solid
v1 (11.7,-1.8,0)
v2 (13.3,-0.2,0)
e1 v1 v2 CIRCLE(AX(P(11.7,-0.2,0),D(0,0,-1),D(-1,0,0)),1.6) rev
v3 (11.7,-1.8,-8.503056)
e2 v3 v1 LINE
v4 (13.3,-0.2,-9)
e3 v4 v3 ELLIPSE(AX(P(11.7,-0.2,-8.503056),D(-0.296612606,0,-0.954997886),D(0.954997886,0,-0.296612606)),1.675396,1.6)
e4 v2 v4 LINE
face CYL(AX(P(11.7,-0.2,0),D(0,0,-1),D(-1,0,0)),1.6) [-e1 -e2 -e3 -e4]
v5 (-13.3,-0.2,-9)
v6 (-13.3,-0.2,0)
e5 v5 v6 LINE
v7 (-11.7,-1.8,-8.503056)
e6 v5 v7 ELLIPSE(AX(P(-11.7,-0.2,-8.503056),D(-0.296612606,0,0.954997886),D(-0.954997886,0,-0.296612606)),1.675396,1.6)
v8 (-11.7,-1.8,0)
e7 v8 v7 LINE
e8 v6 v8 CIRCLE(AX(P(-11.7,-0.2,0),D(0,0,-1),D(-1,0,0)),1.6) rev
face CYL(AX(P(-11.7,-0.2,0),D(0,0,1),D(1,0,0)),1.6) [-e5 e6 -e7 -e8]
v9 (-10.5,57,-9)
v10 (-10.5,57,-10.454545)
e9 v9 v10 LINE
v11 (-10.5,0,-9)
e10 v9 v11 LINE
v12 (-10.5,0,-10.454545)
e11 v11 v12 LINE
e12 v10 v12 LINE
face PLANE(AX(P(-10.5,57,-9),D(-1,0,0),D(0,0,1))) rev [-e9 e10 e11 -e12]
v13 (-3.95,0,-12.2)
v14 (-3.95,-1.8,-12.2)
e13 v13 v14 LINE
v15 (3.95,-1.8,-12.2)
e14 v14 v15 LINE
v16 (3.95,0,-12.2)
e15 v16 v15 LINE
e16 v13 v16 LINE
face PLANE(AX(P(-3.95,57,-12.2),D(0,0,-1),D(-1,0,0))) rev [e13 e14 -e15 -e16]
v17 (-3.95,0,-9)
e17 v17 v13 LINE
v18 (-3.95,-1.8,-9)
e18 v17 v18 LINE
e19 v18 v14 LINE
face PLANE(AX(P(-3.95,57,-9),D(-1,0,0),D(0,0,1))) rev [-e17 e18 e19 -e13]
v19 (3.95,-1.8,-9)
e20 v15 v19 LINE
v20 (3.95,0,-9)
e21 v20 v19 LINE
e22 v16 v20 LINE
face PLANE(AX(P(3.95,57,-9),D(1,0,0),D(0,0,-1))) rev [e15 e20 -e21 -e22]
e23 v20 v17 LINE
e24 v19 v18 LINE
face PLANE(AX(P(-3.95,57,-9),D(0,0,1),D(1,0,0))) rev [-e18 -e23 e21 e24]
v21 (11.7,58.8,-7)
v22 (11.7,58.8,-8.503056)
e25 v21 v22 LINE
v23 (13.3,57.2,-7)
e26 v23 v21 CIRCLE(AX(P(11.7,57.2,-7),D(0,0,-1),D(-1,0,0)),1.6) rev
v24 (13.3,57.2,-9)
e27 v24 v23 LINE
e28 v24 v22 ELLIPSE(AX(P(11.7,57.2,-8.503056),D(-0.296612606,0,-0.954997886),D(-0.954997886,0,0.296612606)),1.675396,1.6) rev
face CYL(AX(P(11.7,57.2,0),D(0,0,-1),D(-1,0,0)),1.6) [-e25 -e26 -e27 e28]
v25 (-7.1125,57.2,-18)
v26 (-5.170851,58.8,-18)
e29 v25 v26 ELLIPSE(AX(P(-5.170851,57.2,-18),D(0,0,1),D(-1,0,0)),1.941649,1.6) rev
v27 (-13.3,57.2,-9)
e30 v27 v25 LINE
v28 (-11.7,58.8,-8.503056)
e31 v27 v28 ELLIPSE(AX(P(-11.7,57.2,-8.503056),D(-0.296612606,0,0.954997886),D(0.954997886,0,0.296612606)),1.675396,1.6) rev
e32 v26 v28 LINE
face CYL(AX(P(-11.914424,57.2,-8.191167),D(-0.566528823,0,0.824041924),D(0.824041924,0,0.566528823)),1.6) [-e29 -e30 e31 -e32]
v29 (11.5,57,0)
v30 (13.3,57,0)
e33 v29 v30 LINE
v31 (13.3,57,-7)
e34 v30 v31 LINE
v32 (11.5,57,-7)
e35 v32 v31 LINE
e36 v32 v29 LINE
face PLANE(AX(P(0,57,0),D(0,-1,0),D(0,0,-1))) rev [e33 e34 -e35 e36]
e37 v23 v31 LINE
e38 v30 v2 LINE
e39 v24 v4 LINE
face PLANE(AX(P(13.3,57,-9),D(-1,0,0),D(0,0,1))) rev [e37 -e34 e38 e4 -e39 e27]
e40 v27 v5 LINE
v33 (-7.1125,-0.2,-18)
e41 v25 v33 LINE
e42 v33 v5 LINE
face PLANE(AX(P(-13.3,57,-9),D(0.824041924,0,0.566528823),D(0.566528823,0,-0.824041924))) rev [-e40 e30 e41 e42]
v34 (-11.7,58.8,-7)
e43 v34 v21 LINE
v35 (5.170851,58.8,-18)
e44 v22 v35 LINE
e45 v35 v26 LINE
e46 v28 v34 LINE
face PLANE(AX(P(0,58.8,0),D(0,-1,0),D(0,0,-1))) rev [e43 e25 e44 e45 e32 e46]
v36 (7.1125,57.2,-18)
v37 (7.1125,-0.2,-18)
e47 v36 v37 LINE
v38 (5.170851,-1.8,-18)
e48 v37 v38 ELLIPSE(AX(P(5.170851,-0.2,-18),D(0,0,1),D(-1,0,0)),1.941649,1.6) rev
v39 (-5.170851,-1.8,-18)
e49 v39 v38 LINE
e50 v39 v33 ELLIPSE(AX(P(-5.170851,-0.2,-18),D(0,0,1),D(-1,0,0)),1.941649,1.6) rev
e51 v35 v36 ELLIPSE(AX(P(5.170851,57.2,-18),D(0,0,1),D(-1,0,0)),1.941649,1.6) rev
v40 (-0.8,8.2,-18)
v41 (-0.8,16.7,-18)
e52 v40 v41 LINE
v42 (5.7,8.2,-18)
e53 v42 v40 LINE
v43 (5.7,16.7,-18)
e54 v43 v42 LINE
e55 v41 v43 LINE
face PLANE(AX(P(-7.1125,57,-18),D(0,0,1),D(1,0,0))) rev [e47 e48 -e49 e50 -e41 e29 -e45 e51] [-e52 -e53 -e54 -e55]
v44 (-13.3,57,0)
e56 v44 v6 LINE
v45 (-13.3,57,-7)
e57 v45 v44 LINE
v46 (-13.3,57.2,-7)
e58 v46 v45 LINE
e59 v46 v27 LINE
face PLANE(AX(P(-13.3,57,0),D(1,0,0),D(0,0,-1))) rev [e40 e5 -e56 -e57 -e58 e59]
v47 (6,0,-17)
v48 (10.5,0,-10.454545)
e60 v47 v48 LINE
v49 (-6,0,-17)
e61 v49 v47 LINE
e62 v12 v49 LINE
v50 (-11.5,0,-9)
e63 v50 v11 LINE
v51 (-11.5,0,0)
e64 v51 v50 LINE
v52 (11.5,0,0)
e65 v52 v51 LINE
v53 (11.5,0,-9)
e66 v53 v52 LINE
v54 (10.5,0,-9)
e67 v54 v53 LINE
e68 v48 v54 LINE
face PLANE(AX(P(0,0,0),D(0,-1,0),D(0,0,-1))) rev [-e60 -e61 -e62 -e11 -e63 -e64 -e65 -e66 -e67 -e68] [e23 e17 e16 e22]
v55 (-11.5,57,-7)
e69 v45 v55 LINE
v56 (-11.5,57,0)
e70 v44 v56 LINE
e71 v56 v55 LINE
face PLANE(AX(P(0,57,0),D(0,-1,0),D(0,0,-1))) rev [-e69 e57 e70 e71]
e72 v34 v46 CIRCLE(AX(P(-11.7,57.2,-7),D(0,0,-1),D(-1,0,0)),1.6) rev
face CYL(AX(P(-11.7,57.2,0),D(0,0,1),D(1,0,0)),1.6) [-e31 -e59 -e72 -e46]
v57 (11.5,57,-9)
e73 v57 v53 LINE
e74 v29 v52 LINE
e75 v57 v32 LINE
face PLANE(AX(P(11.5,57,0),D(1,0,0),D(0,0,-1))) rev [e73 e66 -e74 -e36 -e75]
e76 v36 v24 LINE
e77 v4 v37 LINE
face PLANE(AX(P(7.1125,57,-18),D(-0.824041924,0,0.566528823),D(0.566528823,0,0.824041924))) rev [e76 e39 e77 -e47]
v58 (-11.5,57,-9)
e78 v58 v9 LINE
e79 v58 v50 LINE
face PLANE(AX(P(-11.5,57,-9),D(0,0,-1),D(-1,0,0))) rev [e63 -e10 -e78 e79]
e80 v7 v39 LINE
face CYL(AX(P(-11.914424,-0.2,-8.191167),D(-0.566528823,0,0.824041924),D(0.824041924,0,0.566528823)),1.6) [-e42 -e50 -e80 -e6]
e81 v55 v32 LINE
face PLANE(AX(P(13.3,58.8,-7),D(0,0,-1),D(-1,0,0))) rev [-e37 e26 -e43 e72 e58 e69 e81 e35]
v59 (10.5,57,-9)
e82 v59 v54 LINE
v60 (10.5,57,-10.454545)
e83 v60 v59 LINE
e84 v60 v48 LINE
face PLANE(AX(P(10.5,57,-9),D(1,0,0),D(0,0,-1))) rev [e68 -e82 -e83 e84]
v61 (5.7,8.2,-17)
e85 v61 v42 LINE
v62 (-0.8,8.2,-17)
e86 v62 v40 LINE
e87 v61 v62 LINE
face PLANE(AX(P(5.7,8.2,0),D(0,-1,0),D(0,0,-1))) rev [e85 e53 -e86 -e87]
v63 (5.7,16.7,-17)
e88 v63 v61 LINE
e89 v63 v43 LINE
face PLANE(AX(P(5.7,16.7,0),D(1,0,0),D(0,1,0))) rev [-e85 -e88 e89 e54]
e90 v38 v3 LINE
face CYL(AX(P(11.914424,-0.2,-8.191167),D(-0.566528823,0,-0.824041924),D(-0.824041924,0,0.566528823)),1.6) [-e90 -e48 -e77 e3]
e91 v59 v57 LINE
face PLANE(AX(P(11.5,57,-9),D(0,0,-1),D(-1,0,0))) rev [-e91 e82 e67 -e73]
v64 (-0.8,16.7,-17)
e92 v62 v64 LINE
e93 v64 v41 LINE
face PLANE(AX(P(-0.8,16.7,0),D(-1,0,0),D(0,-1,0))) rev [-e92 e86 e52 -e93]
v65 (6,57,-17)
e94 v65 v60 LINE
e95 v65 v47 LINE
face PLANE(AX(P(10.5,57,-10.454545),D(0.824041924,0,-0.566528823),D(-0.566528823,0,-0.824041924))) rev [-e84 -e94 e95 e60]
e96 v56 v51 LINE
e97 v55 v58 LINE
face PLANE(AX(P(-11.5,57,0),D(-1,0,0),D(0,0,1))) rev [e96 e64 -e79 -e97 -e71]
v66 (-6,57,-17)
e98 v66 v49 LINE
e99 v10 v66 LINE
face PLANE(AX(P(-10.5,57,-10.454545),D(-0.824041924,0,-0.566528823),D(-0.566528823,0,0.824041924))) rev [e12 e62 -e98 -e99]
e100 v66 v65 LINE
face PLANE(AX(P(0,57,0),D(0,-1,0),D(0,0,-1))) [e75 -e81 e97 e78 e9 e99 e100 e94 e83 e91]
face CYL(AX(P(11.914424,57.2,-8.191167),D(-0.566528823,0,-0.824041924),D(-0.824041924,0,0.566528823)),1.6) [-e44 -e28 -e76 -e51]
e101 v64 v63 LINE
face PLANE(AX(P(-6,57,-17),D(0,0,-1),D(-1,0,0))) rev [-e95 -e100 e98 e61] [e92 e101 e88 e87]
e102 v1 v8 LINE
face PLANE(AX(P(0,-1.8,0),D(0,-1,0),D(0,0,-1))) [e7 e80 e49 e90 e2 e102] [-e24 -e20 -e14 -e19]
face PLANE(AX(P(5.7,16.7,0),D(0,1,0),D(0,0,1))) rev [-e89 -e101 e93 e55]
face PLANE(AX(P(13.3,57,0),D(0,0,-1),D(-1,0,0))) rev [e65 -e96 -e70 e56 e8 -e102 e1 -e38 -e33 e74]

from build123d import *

# Parameters (mm, degrees)
BOSS_EXTRUDE1_DEPTH = 57
SKETCH4_W           = 6.5
SKETCH4_H           = 8.5
CUT_EXTRUDE1_DEPTH  = 62.236345417
BOSS_EXTRUDE2_DEPTH = 1.8
SKETCH5_W           = 7.9
SKETCH5_H           = 3.2
CUT_EXTRUDE2_DEPTH  = 63.91526047
BOSS_EXTRUDE3_DEPTH = 1.8
FILLET1_R           = 1.6


with BuildPart() as part:
    # Sketch1 → Boss-Extrude1 (new body)
    with BuildSketch(Plane(origin=(0, 0, 0), x_dir=(1, 0, 0), z_dir=(0, 1, 0))):
        Polygon((11.5, 0), (11.5, 9), (10.5, 9), (10.5, 10.454545455), (6, 17), (-6, 17), (-10.5, 10.454545455), (-10.5, 9), (-11.5, 9), (-11.5, 0), (-13.3, 0), (-13.3, 9), (-7.331417468, 17.681574593), (-7.1125, 18), (7.1125, 18), (7.368594903, 17.627498323), (13.3, 9), (13.3, 0), align=None)
    extrude(amount=BOSS_EXTRUDE1_DEPTH)

    # Sketch4 → Cut-Extrude1 (cut, through all)
    with BuildSketch(Plane(origin=(0, 0, -18), x_dir=(-1, 0, 0), z_dir=(0, 0, -1))):
        with Locations((-2.45, 12.45)):
            Rectangle(SKETCH4_W, SKETCH4_H)
    extrude(amount=-CUT_EXTRUDE1_DEPTH, mode=Mode.SUBTRACT)

    # Sketch2 → Boss-Extrude2 (add)
    with BuildSketch(Plane.XZ):
        Polygon((-13.3, 0), (-13.3, -9), (-7.1125, -18), (7.1125, -18), (13.3, -9), (13.3, 0), align=None)
    extrude(amount=BOSS_EXTRUDE2_DEPTH)

    # Sketch5 → Cut-Extrude2 (cut, through all)
    with BuildSketch(Plane.XZ.offset(1.8)):
        with Locations((0, -10.6)):
            Rectangle(SKETCH5_W, SKETCH5_H)
    extrude(amount=-CUT_EXTRUDE2_DEPTH, mode=Mode.SUBTRACT)

    # Sketch3 → Boss-Extrude3 (add)
    with BuildSketch(Plane(origin=(0, 57, 0), x_dir=(1, 0, 0), z_dir=(0, 1, 0))):
        Polygon((-13.3, 9), (-7.1125, 18), (7.1125, 18), (13.3, 9), (13.3, 7), (-13.3, 7), align=None)
    extrude(amount=BOSS_EXTRUDE3_DEPTH)

    # Fillet1
    fillet1_edges = [part.edges().sort_by_distance(p)[0] for p in [
        (-13.3, 58.8, -8),
        (13.3, 58.8, -8),
        (10.20625, 58.8, -13.5),
        (-10.20625, 58.8, -13.5),
        (-13.3, -1.8, -4.5),
        (-10.20625, -1.8, -13.5),
        (10.20625, -1.8, -13.5),
        (13.3, -1.8, -4.5),
    ]]
    fillet(fillet1_edges, radius=FILLET1_R)


solid = part.part
